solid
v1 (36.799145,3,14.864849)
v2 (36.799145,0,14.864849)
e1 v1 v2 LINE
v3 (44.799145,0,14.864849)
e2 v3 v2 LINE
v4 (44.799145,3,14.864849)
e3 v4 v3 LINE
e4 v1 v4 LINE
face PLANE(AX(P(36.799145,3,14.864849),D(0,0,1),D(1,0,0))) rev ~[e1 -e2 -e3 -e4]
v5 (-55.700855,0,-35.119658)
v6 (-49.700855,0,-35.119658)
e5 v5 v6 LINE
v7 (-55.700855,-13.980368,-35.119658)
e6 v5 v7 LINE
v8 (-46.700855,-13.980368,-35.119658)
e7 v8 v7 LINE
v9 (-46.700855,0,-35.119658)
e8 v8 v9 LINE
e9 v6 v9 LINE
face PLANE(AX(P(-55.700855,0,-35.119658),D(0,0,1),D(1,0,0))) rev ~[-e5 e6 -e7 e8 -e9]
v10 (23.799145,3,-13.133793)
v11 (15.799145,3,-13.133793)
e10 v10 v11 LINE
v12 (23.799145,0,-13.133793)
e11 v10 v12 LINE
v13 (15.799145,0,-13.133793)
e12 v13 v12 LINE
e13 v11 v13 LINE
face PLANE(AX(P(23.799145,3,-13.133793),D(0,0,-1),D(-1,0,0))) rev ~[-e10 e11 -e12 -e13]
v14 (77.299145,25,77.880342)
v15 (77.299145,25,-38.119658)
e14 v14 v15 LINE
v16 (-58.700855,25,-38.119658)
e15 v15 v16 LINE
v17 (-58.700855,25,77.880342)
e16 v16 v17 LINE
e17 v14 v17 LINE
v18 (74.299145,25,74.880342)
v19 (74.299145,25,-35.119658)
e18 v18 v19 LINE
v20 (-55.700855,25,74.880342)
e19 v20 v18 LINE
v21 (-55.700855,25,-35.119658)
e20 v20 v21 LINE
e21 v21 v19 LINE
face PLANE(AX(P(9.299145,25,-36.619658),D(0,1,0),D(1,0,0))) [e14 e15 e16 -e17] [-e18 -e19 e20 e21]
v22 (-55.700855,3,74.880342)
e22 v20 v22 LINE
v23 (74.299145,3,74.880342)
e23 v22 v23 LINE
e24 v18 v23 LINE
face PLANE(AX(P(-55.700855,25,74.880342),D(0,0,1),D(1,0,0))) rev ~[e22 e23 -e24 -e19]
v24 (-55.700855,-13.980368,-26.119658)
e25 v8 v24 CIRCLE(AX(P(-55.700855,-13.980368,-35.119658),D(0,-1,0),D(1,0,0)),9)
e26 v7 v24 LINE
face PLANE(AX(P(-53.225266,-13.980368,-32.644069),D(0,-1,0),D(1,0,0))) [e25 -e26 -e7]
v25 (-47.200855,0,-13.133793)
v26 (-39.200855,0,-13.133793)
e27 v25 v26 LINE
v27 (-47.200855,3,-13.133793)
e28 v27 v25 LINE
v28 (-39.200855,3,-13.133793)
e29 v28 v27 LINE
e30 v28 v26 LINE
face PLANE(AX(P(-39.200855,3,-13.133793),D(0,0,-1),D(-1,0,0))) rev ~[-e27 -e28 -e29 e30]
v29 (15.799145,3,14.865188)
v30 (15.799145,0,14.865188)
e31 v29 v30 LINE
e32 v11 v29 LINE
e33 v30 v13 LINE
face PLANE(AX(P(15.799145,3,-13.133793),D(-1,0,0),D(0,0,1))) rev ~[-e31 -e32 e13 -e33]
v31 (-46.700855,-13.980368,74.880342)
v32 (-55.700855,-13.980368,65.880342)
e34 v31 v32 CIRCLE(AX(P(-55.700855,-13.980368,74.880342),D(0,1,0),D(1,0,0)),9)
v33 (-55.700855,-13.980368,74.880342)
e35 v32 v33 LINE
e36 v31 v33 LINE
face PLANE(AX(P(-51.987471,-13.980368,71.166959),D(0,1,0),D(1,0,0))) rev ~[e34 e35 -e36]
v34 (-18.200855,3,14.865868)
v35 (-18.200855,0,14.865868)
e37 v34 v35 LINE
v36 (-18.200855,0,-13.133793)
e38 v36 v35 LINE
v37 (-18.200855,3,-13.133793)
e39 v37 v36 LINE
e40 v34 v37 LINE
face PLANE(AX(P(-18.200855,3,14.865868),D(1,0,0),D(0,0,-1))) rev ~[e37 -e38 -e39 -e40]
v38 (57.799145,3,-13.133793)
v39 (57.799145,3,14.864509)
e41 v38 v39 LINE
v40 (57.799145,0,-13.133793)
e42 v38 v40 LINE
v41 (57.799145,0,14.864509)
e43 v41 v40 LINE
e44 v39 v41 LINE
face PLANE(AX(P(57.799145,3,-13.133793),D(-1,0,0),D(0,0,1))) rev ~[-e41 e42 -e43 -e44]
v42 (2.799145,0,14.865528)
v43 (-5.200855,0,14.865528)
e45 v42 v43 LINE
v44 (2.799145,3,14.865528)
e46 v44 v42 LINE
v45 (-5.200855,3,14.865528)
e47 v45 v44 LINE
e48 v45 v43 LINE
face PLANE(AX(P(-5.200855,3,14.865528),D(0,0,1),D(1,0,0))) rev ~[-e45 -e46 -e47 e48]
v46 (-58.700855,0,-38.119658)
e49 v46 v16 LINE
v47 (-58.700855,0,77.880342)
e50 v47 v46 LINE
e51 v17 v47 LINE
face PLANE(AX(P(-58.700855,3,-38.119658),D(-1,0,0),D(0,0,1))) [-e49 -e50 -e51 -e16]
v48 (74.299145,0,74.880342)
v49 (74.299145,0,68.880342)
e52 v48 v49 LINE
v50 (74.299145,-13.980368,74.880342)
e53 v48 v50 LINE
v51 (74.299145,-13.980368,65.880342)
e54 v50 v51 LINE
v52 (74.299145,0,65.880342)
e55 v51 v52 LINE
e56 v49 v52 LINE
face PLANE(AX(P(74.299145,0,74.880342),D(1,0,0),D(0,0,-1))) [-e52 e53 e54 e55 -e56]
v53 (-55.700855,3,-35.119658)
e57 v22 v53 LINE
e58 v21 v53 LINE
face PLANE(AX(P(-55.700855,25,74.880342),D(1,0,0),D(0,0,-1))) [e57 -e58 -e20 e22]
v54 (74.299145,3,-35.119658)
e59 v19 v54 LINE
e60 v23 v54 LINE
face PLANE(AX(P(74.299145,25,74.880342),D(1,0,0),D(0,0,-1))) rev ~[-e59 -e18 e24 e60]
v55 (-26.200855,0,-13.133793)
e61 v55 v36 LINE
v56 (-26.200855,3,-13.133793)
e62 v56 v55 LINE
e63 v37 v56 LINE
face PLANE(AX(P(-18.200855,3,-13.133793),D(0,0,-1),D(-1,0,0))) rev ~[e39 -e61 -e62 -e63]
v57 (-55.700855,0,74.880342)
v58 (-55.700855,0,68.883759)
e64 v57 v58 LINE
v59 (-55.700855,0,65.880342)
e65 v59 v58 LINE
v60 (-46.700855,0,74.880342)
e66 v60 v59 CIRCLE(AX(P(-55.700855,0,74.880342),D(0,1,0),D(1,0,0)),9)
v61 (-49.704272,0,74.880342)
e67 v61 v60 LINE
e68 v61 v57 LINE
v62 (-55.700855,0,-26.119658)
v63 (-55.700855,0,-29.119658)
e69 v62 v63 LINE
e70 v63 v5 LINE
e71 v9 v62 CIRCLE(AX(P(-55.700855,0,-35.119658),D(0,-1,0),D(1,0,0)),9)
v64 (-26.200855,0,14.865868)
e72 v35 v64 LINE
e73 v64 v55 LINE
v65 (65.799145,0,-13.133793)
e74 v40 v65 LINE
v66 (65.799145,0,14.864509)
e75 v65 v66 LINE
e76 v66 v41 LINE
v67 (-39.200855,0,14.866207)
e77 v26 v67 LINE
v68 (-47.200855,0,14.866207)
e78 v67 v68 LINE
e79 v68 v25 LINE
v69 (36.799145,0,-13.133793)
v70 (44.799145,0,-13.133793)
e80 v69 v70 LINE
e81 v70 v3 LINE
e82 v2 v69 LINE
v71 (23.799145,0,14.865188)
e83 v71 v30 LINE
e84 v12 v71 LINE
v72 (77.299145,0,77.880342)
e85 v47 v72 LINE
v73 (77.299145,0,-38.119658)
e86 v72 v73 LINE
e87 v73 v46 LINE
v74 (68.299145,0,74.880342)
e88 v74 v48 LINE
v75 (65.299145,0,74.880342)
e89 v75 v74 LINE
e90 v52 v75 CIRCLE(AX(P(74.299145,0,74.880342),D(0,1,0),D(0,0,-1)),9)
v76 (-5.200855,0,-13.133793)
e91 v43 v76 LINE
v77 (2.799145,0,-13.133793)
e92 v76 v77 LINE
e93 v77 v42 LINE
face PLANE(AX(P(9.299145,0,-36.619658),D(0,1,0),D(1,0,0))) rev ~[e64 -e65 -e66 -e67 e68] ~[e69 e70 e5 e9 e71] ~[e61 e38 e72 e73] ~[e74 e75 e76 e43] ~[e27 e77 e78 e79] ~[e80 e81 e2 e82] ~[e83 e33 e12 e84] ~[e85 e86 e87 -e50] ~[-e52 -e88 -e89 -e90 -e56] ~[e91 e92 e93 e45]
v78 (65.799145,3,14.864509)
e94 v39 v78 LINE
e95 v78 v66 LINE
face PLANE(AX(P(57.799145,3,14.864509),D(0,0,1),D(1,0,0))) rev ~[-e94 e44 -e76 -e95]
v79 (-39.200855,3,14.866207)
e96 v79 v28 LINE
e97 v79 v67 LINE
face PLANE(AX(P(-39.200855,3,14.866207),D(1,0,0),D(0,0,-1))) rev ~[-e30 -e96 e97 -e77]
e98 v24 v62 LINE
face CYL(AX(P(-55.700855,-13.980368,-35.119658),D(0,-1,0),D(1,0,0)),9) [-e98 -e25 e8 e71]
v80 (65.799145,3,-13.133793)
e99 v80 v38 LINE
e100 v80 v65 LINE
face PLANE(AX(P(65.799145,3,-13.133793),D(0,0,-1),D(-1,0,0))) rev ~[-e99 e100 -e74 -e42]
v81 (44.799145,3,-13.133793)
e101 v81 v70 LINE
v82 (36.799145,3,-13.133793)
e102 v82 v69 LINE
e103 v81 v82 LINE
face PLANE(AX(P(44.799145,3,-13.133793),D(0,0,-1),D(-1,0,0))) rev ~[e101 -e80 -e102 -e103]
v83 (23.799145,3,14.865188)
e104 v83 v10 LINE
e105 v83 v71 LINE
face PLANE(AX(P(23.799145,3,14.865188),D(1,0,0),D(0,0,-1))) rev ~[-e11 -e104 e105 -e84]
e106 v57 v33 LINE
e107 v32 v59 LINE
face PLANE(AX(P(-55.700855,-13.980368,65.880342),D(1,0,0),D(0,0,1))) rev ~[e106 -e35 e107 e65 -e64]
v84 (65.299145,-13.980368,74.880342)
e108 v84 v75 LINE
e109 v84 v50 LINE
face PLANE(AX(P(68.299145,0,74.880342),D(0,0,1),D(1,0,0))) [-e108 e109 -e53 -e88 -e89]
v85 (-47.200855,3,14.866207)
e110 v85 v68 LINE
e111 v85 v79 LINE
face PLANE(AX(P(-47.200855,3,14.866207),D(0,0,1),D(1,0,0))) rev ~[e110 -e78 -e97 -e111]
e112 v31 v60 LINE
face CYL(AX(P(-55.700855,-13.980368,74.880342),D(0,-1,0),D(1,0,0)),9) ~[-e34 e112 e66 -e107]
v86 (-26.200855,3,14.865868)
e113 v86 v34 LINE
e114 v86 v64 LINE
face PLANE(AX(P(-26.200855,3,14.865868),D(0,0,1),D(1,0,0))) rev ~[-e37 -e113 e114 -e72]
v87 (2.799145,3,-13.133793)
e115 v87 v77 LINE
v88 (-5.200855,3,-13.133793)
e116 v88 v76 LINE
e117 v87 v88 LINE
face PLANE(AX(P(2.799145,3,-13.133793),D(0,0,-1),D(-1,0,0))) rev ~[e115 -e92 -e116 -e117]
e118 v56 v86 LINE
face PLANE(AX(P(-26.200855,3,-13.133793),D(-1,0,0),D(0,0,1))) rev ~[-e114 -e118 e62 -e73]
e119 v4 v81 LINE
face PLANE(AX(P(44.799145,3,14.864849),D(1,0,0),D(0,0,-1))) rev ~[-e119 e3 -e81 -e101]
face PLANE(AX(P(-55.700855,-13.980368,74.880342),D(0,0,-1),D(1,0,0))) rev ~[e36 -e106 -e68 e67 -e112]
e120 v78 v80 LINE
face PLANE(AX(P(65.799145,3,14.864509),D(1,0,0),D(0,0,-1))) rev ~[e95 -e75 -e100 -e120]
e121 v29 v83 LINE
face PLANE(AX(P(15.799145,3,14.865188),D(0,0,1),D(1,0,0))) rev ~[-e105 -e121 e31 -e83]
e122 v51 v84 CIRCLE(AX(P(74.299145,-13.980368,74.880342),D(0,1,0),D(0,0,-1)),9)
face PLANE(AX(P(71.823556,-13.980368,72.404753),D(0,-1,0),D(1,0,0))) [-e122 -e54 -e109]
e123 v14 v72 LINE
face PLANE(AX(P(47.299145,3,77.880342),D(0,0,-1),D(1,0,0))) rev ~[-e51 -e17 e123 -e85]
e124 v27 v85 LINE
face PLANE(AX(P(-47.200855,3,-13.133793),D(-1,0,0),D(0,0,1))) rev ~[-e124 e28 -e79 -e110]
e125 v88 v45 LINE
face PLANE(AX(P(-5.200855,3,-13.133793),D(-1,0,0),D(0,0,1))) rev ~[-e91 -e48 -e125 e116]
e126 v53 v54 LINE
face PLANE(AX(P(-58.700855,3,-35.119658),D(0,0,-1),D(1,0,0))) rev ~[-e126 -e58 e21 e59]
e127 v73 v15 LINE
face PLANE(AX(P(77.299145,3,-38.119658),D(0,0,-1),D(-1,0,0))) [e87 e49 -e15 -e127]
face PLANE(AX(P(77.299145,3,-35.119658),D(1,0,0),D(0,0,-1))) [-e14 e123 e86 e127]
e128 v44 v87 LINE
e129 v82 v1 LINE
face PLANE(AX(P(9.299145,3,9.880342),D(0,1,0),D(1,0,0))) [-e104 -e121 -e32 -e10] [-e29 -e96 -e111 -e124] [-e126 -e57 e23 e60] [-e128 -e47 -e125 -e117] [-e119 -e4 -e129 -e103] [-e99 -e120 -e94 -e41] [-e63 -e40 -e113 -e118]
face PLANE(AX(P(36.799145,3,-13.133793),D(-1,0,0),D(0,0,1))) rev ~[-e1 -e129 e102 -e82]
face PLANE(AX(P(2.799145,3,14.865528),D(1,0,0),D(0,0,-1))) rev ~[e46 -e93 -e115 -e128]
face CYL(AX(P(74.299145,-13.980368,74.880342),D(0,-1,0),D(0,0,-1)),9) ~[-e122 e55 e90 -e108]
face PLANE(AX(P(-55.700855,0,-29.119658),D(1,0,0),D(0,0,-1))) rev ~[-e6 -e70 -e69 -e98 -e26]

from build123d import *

# Parameters (mm, degrees)
SKETCH2_W                 = 136
SKETCH2_H                 = 136
BOSS_EXTRUDE1_DEPTH       = 25
SKETCH3_W                 = 118
SKETCH3_H                 = 118
CUT_EXTRUDE1_DEPTH        = 22
CUT_EXTRUDE3_DEPTH        = 22
CUT_EXTRUDE4_DEPTH        = 22
SKETCH7_W                 = 29.69848481
SKETCH7_H                 = 30.00387357
BOSS_EXTRUDE2_DEPTH       = 25
BOSS_EXTRUDE3_DEPTH       = 3
CUT_EXTRUDE5_DEPTH        = 23
CUT_EXTRUDE6_DEPTH        = 22
CUT_EXTRUDE7_DEPTH        = 32
BOSS_EXTRUDE6_DEPTH       = 6.36
BOSS_EXTRUDE7_DEPTH       = 6.36
CUT_EXTRUDE9_DEPTH        = 6.36
CUT_EXTRUDE10_DEPTH       = 56.36
BOSS_EXTRUDE8_DEPTH       = 3
BOSS_EXTRUDE9_START       = -20
BOSS_EXTRUDE9_DEPTH       = 2
SKETCH23_W                = 29.69848481
SKETCH23_H                = 2
BOSS_EXTRUDE10_DEPTH      = 1.5
SKETCH24_W                = 10.361394494
SKETCH24_H                = 0.734081985
CUT_EXTRUDE11_DEPTH       = 31.5
BOSS_EXTRUDE11_DEPTH      = 4
BOSS_EXTRUDE12_DEPTH      = 44
CUT_EXTRUDE12_DEPTH       = 50
BOSS_EXTRUDE13_DEPTH      = 3
BOSS_EXTRUDE14_DEPTH      = 22
SKETCH33_W                = 130
SKETCH33_H                = 130
CUT_EXTRUDE13_DEPTH       = 22
CUT_EXTRUDE15_DEPTH       = 12
CUT_EXTRUDE16_DEPTH       = 32
BOSS_EXTRUDE15_DEPTH      = 22
BOSS_EXTRUDE15_DEPTH_BACK = 3
BOSS_EXTRUDE16_DEPTH      = 16.980368
CUT_EXTRUDE17_DEPTH       = 2
BOSS_EXTRUDE17_DEPTH      = 14.980368
CUT_EXTRUDE18_DEPTH       = 1
BOSS_EXTRUDE20_DEPTH      = 13.980368


with BuildPart() as part:
    # Sketch2 → Boss-Extrude1 (new body)
    with BuildSketch(Plane(origin=(0, 0, 0), x_dir=(1, 0, 0), z_dir=(0, 1, 0))):
        with Locations((9.299145299, -9.88034188)):
            Rectangle(SKETCH2_W, SKETCH2_H)
    extrude(amount=BOSS_EXTRUDE1_DEPTH)

    # Sketch3 → Cut-Extrude1 (cut)
    with BuildSketch(Plane(origin=(0, 25, 0), x_dir=(1, 0, 0), z_dir=(0, 1, 0))):
        with Locations((9.299145299, -9.88034188)):
            Rectangle(SKETCH3_W, SKETCH3_H)
    extrude(amount=-CUT_EXTRUDE1_DEPTH, mode=Mode.SUBTRACT)

    # Sketch4 → Cut-Extrude3 (cut)
    with BuildSketch(Plane(origin=(0, 25, 0), x_dir=(1, 0, 0), z_dir=(0, 1, 0))):
        Polygon((77.299145299, -77.88034188), (47.299145299, -77.88034188), (47.299145299, -68.88034188), (56.299145299, -68.88034188), (68.299145299, -56.88034188), (68.299145299, -47.88034188), (77.299145299, -47.88034188), align=None)
    extrude(amount=-CUT_EXTRUDE3_DEPTH, mode=Mode.SUBTRACT)

    # Sketch5 → Cut-Extrude4 (cut)
    with BuildSketch(Plane(origin=(0, 3, 0), x_dir=(1, 0, 0), z_dir=(0, 1, 0))):
        Polygon((68.299145299, -47.88034188), (47.299145299, -68.88034188), (47.299145299, -77.88034188), (77.299145299, -77.88034188), (77.299145299, -47.88034188), align=None)
    extrude(amount=-CUT_EXTRUDE4_DEPTH, mode=Mode.SUBTRACT)

    # Sketch7 → Boss-Extrude2 (add)
    with BuildSketch(Plane(origin=(58.08974359, 0, 58.08974359), x_dir=(0.707106781, 0, -0.707106781), z_dir=(0.707106781, 0, 0.707106781))):
        with Locations((-0.410968044, -12.001936785)):
            Rectangle(SKETCH7_W, SKETCH7_H)
    extrude(amount=BOSS_EXTRUDE2_DEPTH)

    # Sketch8 → Boss-Extrude3 (add)
    with BuildSketch(Plane(origin=(0, 3, 0), x_dir=(1, 0, 0), z_dir=(0, 1, 0))):
        Polygon((47.299145299, -77.88034188), (77.299145299, -47.88034188), (68.299145299, -47.88034188), (47.299145299, -68.88034188), align=None)
    extrude(amount=-BOSS_EXTRUDE3_DEPTH)

    # Sketch9 → Cut-Extrude5 (cut)
    with BuildSketch(Plane(origin=(0, 3, 0), x_dir=(1, 0, 0), z_dir=(0, 1, 0))):
        Polygon((47.299145299, -77.88034188), (38.299145299, -68.88034188), (47.299145299, -68.88034188), align=None)
    extrude(amount=CUT_EXTRUDE5_DEPTH, mode=Mode.SUBTRACT)

    # Sketch10 → Cut-Extrude6 (cut)
    with BuildSketch(Plane(origin=(0, 25, 0), x_dir=(1, 0, 0), z_dir=(0, 1, 0))):
        Polygon((77.299145299, -47.88034188), (68.299145299, -38.88034188), (68.299145299, -47.88034188), align=None)
    extrude(amount=-CUT_EXTRUDE6_DEPTH, mode=Mode.SUBTRACT)

    # Sketch11 → Cut-Extrude7 (cut)
    with BuildSketch(Plane(origin=(-10.790598291, 0, 10.790598291), x_dir=(0.707106781, 0, 0.707106781), z_dir=(-0.707106781, 0, 0.707106781))):
        Polygon((88.51526425, 0), (107.151303219, -18.636038969), (107.151303219, -27.00387357), (82.151303219, -27.00387357), (82.151303219, 0), align=None)
        Polygon((88.51526425, 3), (107.151303219, -15.636038969), (107.151303219, 3), align=None)
    extrude(amount=-CUT_EXTRUDE7_DEPTH, mode=Mode.SUBTRACT)

    # Sketch16 → Boss-Extrude6 (add)
    with BuildSketch(Plane(origin=(-10.790598291, 0, 10.790598291), x_dir=(0.707106781, 0, 0.707106781), z_dir=(-0.707106781, 0, 0.707106781))):
        Polygon((88.51526425, 0), (88.51526425, 3), (107.151303219, -15.636038969), (107.151303219, -18.636038969), align=None)
    extrude(amount=BOSS_EXTRUDE6_DEPTH)

    # Sketch17 → Boss-Extrude7 (add)
    with BuildSketch(Plane(origin=(10.209401709, 0, -10.209401709), x_dir=(-0.707106781, 0, -0.707106781), z_dir=(0.707106781, 0, -0.707106781))):
        Polygon((-88.51526425, 0), (-88.51526425, 3), (-107.151303219, -15.636038969), (-107.151303219, -18.636038969), align=None)
    extrude(amount=BOSS_EXTRUDE7_DEPTH)

    # Sketch18 → Cut-Extrude9 (cut)
    with BuildSketch(Plane(origin=(32.355531967, 45.757632125, 32.355531967), x_dir=(0.866025404, -0.40824829, -0.288675135), z_dir=(0.5, 0.707106781, 0.5))):
        Polygon((51.893180344, -37.364371534), (67.109442444, -58.883415765), (61.91652419, -62.555363477), align=None)
        Polygon((32.474894629, -83.373739388), (37.667812884, -79.701791676), (17.258632528, -61.854695157), align=None)
    extrude(amount=-CUT_EXTRUDE9_DEPTH, mode=Mode.SUBTRACT)

    # Sketch19 → Cut-Extrude10 (cut)
    with BuildSketch(Plane(origin=(-15.287797419, 0, 15.287797419), x_dir=(0.707106781, 0, 0.707106781), z_dir=(-0.707106781, 0, 0.707106781))):
        Polygon((107.151303219, -18.636038969), (107.151303219, -15.636038969), (105.651303219, -17.136038969), align=None)
    extrude(amount=-CUT_EXTRUDE10_DEPTH, mode=Mode.SUBTRACT)

    # Sketch20 → Boss-Extrude8 (add)
    with BuildSketch(Plane.XZ):
        Polygon((-58.700854701, 77.88034188), (47.299145299, 77.88034188), (77.299145299, 47.88034188), (77.299145299, -58.11965812), (-58.700854701, -58.11965812), align=None)
    extrude(amount=-BOSS_EXTRUDE8_DEPTH)



with BuildPart() as body_2:
    # Sketch22 → Boss-Extrude9 (new body)
    with BuildSketch(Plane(origin=(0, 3, 0), x_dir=(1, 0, 0), z_dir=(0, 1, 0)).offset(BOSS_EXTRUDE9_START)):
        Polygon((64.976814829, -86.55801141), (70.906234285, -91.928484844), (91.906234285, -70.928484844), (85.976814829, -65.55801141), align=None)
    extrude(amount=BOSS_EXTRUDE9_DEPTH)


with BuildPart() as part_1:
    add(part.part)

    add(body_2.part)  # Boss-Extrude10 merges body 2
    # Sketch23 → Boss-Extrude10 (add)
    with BuildSketch(Plane(origin=(75.767413119, 0, 75.767413119), x_dir=(-0.707106781, 0, 0.707106781), z_dir=(-0.707106781, 0, -0.707106781))):
        with Locations((0.410968044, -16)):
            Rectangle(SKETCH23_W, SKETCH23_H)
    extrude(amount=BOSS_EXTRUDE10_DEPTH)

    # Sketch24 → Cut-Extrude11 (cut)
    with BuildSketch(Plane(origin=(-13.785543706, 0, 15.220310104), x_dir=(0.741177432, 0, 0.671309179), z_dir=(-0.671309179, 0, 0.741177432))):
        with Locations((109.085839112, -17.367040993)):
            Rectangle(SKETCH24_W, SKETCH24_H)
    extrude(amount=-CUT_EXTRUDE11_DEPTH, mode=Mode.SUBTRACT)

    # Sketch28 → Boss-Extrude11 (add)
    with BuildSketch(Plane(origin=(32.355531967, 45.757632125, 32.355531967), x_dir=(0.866025404, -0.40824829, -0.288675135), z_dir=(0.5, 0.707106781, 0.5))):
        Polygon((17.25539836, -61.856982059), (8.148098637, -53.895706291), (47.339944519, -25.921031992), (51.893180344, -37.364371534), align=None)
    extrude(amount=-BOSS_EXTRUDE11_DEPTH)

    # Sketch29 → Boss-Extrude12 (add)
    with BuildSketch(Plane(origin=(14.709401709, 0, -14.709401709), x_dir=(0.707106781, 0, 0.707106781), z_dir=(-0.707106781, 0, 0.707106781))):
        Polygon((80.058656938, 11.456607312), (75.787342189, 11.456607312), (75.787342189, 3), (82.858410001, 3), align=None)
    extrude(amount=BOSS_EXTRUDE12_DEPTH)

    # Sketch30 → Cut-Extrude12 (cut)
    with BuildSketch(Plane(origin=(0, 25, 0), x_dir=(1, 0, 0), z_dir=(0, 1, 0))):
        Polygon((38.299145299, -68.88034188), (68.299145299, -38.88034188), (77.299145299, -47.88034188), (91.906234285, -70.928484844), (70.906234285, -91.928484844), (47.299145299, -77.88034188), align=None)
    extrude(amount=-CUT_EXTRUDE12_DEPTH, mode=Mode.SUBTRACT)

    # Sketch31 → Boss-Extrude13 (add)
    with BuildSketch(Plane(origin=(0, 3, 0), x_dir=(1, 0, 0), z_dir=(0, 1, 0))):
        Polygon((68.299145299, -38.88034188), (77.299145299, -47.88034188), (77.299145299, -77.88034188), (47.299145299, -77.88034188), (38.299145299, -68.88034188), align=None)
    extrude(amount=-BOSS_EXTRUDE13_DEPTH)

    # Sketch32 → Boss-Extrude14 (add)
    with BuildSketch(Plane(origin=(0, 3, 0), x_dir=(1, 0, 0), z_dir=(0, 1, 0))):
        Polygon((77.299145299, -77.88034188), (77.299145299, -47.88034188), (68.299145299, -38.88034188), (68.299145299, -68.88034188), (38.299145299, -68.88034188), (47.299145299, -77.88034188), align=None)
    extrude(amount=BOSS_EXTRUDE14_DEPTH)

    # Sketch33 → Cut-Extrude13 (cut)
    with BuildSketch(Plane(origin=(0, 25, 0), x_dir=(1, 0, 0), z_dir=(0, 1, 0))):
        with Locations((9.299145299, -9.88034188)):
            Rectangle(SKETCH33_W, SKETCH33_H)
    extrude(amount=-CUT_EXTRUDE13_DEPTH, mode=Mode.SUBTRACT)

    # Sketch34 → Cut-Extrude15 (cut)
    with BuildSketch(Plane(origin=(0, 3, 0), x_dir=(1, 0, 0), z_dir=(0, 1, 0))):
        Polygon((-43.200854701, -14.866207324), (-39.200854701, -14.866207324), (-39.200854701, 13.133792676), (-47.200854701, 13.133792676), (-47.200854701, -14.866207324), align=None)
        Polygon((-22.200854701, -14.865867711), (-18.200854701, -14.865867711), (-18.200854701, 13.133792676), (-26.200854701, 13.133792676), (-26.200854701, -14.865867711), align=None)
        Polygon((-1.200854701, -14.865528099), (2.799145299, -14.865528099), (2.799145299, 13.133792676), (-5.200854701, 13.133792676), (-5.200854701, -14.865528099), align=None)
        Polygon((19.799145299, -14.865188486), (23.799145299, -14.865188486), (23.799145299, 13.133792676), (15.799145299, 13.133792676), (15.799145299, -14.865188486), align=None)
        Polygon((40.799145299, -14.864848873), (44.799145299, -14.864848873), (44.799145299, 13.133792676), (36.799145299, 13.133792676), (36.799145299, -14.864848873), align=None)
        Polygon((61.799145299, -14.86450926), (65.799145299, -14.86450926), (65.799145299, 13.133792676), (57.799145299, 13.133792676), (57.799145299, -14.86450926), align=None)
    extrude(amount=-CUT_EXTRUDE15_DEPTH, mode=Mode.SUBTRACT)

    # Sketch35 → Cut-Extrude16 (cut)
    with BuildSketch(Plane(origin=(0, 25, 0), x_dir=(1, 0, 0), z_dir=(0, 1, 0))):
        Polygon((-55.700854701, 35.11965812), (77.299145299, 35.11965812), (77.299145299, 58.11965812), (-58.700854701, 58.11965812), (-58.700854701, 35.11965812), align=None)
    extrude(amount=-CUT_EXTRUDE16_DEPTH, mode=Mode.SUBTRACT)

    # Sketch36 → Boss-Extrude15 (add, two sides)
    with BuildSketch(Plane(origin=(0, 3, 0), x_dir=(1, 0, 0), z_dir=(0, 1, 0))) as boss_extrude15_sk:
        Polygon((-58.700854701, 35.11965812), (-55.700854701, 35.11965812), (77.299145299, 35.11965812), (77.299145299, 38.11965812), (-58.700854701, 38.11965812), align=None)
    extrude(amount=BOSS_EXTRUDE15_DEPTH)
    extrude(boss_extrude15_sk.sketch, amount=-BOSS_EXTRUDE15_DEPTH_BACK)

    # Sketch37 → Boss-Extrude16 (add)
    with BuildSketch(Plane.XZ):
        with BuildLine():
            Line((-49.704271951, 74.88034188), (-55.700854701, 74.88034188))
            Line((-55.700854701, 74.88034188), (-55.700854701, 68.883759131))
            ThreePointArc((-55.700854701, 68.883759131), (-51.460630375, 70.640117554), (-49.704271951, 74.88034188))
        make_face()
        with BuildLine():
            Line((-55.700854701, -29.11965812), (-55.700854701, -35.11965812))
            Line((-55.700854701, -35.11965812), (-49.700854701, -35.11965812))
            ThreePointArc((-49.700854701, -35.11965812), (-51.458214014, -30.877017433), (-55.700854701, -29.11965812))
        make_face()
    extrude(amount=BOSS_EXTRUDE16_DEPTH)

    # Sketch38 → Cut-Extrude17 (cut)
    with BuildSketch(Plane.XZ.offset(16.980367935)):
        with BuildLine():
            Line((-55.700854701, 74.88034188), (-55.700854701, 68.883759131))
            ThreePointArc((-55.700854701, 68.883759131), (-51.460630375, 70.640117554), (-49.704271951, 74.88034188))
            Line((-49.704271951, 74.88034188), (-55.700854701, 74.88034188))
        make_face()
        with BuildLine():
            Line((-55.700854701, -35.11965812), (-49.700854701, -35.11965812))
            ThreePointArc((-49.700854701, -35.11965812), (-51.458214014, -30.877017433), (-55.700854701, -29.11965812))
            Line((-55.700854701, -29.11965812), (-55.700854701, -35.11965812))
        make_face()
    extrude(amount=-CUT_EXTRUDE17_DEPTH, mode=Mode.SUBTRACT)

    # Sketch39 → Boss-Extrude17 (add)
    with BuildSketch(Plane.XZ):
        with BuildLine():
            Line((68.299145299, 74.88034188), (74.299145299, 74.88034188))
            Line((74.299145299, 74.88034188), (74.299145299, 68.88034188))
            ThreePointArc((74.299145299, 68.88034188), (70.056504612, 70.637701193), (68.299145299, 74.88034188))
        make_face()
    extrude(amount=BOSS_EXTRUDE17_DEPTH)

    # Sketch40 → Cut-Extrude18 (cut)
    with BuildSketch(Plane.XZ.offset(14.980367935)):
        with BuildLine():
            Line((74.299145299, 68.88034188), (74.299145299, 74.88034188))
            Line((74.299145299, 74.88034188), (68.299145299, 74.88034188))
            ThreePointArc((68.299145299, 74.88034188), (70.056504612, 70.637701193), (74.299145299, 68.88034188))
        make_face()
        with BuildLine():
            Line((-49.704271951, 74.88034188), (-55.700854701, 74.88034188))
            Line((-55.700854701, 74.88034188), (-55.700854701, 68.883759131))
            ThreePointArc((-55.700854701, 68.883759131), (-51.460630375, 70.640117554), (-49.704271951, 74.88034188))
        make_face()
        with BuildLine():
            Line((-55.700854701, -29.11965812), (-55.700854701, -35.11965812))
            Line((-55.700854701, -35.11965812), (-49.700854701, -35.11965812))
            ThreePointArc((-49.700854701, -35.11965812), (-51.458214014, -30.877017433), (-55.700854701, -29.11965812))
        make_face()
    extrude(amount=-CUT_EXTRUDE18_DEPTH, mode=Mode.SUBTRACT)

    # Sketch42 → Boss-Extrude20 (add)
    with BuildSketch(Plane(origin=(0, -13.980367935, 0), x_dir=(-1, 0, 0), z_dir=(0, -1, 0))):
        with BuildLine():
            Line((55.700854701, -65.88034188), (55.700854701, -74.88034188))
            Line((55.700854701, -74.88034188), (46.700854701, -74.88034188))
            ThreePointArc((46.700854701, -74.88034188), (49.33689367, -68.51638085), (55.700854701, -65.88034188))
        make_face()
        with BuildLine():
            Line((55.700854701, 26.11965812), (55.700854701, 35.11965812))
            Line((55.700854701, 35.11965812), (46.700854701, 35.11965812))
            ThreePointArc((46.700854701, 35.11965812), (49.33689367, 28.755697089), (55.700854701, 26.11965812))
        make_face()
        with BuildLine():
            Line((-65.299145299, -74.88034188), (-74.299145299, -74.88034188))
            Line((-74.299145299, -74.88034188), (-74.299145299, -65.88034188))
            ThreePointArc((-74.299145299, -65.88034188), (-67.935184268, -68.51638085), (-65.299145299, -74.88034188))
        make_face()
    extrude(amount=-BOSS_EXTRUDE20_DEPTH)


solid = part_1.part
